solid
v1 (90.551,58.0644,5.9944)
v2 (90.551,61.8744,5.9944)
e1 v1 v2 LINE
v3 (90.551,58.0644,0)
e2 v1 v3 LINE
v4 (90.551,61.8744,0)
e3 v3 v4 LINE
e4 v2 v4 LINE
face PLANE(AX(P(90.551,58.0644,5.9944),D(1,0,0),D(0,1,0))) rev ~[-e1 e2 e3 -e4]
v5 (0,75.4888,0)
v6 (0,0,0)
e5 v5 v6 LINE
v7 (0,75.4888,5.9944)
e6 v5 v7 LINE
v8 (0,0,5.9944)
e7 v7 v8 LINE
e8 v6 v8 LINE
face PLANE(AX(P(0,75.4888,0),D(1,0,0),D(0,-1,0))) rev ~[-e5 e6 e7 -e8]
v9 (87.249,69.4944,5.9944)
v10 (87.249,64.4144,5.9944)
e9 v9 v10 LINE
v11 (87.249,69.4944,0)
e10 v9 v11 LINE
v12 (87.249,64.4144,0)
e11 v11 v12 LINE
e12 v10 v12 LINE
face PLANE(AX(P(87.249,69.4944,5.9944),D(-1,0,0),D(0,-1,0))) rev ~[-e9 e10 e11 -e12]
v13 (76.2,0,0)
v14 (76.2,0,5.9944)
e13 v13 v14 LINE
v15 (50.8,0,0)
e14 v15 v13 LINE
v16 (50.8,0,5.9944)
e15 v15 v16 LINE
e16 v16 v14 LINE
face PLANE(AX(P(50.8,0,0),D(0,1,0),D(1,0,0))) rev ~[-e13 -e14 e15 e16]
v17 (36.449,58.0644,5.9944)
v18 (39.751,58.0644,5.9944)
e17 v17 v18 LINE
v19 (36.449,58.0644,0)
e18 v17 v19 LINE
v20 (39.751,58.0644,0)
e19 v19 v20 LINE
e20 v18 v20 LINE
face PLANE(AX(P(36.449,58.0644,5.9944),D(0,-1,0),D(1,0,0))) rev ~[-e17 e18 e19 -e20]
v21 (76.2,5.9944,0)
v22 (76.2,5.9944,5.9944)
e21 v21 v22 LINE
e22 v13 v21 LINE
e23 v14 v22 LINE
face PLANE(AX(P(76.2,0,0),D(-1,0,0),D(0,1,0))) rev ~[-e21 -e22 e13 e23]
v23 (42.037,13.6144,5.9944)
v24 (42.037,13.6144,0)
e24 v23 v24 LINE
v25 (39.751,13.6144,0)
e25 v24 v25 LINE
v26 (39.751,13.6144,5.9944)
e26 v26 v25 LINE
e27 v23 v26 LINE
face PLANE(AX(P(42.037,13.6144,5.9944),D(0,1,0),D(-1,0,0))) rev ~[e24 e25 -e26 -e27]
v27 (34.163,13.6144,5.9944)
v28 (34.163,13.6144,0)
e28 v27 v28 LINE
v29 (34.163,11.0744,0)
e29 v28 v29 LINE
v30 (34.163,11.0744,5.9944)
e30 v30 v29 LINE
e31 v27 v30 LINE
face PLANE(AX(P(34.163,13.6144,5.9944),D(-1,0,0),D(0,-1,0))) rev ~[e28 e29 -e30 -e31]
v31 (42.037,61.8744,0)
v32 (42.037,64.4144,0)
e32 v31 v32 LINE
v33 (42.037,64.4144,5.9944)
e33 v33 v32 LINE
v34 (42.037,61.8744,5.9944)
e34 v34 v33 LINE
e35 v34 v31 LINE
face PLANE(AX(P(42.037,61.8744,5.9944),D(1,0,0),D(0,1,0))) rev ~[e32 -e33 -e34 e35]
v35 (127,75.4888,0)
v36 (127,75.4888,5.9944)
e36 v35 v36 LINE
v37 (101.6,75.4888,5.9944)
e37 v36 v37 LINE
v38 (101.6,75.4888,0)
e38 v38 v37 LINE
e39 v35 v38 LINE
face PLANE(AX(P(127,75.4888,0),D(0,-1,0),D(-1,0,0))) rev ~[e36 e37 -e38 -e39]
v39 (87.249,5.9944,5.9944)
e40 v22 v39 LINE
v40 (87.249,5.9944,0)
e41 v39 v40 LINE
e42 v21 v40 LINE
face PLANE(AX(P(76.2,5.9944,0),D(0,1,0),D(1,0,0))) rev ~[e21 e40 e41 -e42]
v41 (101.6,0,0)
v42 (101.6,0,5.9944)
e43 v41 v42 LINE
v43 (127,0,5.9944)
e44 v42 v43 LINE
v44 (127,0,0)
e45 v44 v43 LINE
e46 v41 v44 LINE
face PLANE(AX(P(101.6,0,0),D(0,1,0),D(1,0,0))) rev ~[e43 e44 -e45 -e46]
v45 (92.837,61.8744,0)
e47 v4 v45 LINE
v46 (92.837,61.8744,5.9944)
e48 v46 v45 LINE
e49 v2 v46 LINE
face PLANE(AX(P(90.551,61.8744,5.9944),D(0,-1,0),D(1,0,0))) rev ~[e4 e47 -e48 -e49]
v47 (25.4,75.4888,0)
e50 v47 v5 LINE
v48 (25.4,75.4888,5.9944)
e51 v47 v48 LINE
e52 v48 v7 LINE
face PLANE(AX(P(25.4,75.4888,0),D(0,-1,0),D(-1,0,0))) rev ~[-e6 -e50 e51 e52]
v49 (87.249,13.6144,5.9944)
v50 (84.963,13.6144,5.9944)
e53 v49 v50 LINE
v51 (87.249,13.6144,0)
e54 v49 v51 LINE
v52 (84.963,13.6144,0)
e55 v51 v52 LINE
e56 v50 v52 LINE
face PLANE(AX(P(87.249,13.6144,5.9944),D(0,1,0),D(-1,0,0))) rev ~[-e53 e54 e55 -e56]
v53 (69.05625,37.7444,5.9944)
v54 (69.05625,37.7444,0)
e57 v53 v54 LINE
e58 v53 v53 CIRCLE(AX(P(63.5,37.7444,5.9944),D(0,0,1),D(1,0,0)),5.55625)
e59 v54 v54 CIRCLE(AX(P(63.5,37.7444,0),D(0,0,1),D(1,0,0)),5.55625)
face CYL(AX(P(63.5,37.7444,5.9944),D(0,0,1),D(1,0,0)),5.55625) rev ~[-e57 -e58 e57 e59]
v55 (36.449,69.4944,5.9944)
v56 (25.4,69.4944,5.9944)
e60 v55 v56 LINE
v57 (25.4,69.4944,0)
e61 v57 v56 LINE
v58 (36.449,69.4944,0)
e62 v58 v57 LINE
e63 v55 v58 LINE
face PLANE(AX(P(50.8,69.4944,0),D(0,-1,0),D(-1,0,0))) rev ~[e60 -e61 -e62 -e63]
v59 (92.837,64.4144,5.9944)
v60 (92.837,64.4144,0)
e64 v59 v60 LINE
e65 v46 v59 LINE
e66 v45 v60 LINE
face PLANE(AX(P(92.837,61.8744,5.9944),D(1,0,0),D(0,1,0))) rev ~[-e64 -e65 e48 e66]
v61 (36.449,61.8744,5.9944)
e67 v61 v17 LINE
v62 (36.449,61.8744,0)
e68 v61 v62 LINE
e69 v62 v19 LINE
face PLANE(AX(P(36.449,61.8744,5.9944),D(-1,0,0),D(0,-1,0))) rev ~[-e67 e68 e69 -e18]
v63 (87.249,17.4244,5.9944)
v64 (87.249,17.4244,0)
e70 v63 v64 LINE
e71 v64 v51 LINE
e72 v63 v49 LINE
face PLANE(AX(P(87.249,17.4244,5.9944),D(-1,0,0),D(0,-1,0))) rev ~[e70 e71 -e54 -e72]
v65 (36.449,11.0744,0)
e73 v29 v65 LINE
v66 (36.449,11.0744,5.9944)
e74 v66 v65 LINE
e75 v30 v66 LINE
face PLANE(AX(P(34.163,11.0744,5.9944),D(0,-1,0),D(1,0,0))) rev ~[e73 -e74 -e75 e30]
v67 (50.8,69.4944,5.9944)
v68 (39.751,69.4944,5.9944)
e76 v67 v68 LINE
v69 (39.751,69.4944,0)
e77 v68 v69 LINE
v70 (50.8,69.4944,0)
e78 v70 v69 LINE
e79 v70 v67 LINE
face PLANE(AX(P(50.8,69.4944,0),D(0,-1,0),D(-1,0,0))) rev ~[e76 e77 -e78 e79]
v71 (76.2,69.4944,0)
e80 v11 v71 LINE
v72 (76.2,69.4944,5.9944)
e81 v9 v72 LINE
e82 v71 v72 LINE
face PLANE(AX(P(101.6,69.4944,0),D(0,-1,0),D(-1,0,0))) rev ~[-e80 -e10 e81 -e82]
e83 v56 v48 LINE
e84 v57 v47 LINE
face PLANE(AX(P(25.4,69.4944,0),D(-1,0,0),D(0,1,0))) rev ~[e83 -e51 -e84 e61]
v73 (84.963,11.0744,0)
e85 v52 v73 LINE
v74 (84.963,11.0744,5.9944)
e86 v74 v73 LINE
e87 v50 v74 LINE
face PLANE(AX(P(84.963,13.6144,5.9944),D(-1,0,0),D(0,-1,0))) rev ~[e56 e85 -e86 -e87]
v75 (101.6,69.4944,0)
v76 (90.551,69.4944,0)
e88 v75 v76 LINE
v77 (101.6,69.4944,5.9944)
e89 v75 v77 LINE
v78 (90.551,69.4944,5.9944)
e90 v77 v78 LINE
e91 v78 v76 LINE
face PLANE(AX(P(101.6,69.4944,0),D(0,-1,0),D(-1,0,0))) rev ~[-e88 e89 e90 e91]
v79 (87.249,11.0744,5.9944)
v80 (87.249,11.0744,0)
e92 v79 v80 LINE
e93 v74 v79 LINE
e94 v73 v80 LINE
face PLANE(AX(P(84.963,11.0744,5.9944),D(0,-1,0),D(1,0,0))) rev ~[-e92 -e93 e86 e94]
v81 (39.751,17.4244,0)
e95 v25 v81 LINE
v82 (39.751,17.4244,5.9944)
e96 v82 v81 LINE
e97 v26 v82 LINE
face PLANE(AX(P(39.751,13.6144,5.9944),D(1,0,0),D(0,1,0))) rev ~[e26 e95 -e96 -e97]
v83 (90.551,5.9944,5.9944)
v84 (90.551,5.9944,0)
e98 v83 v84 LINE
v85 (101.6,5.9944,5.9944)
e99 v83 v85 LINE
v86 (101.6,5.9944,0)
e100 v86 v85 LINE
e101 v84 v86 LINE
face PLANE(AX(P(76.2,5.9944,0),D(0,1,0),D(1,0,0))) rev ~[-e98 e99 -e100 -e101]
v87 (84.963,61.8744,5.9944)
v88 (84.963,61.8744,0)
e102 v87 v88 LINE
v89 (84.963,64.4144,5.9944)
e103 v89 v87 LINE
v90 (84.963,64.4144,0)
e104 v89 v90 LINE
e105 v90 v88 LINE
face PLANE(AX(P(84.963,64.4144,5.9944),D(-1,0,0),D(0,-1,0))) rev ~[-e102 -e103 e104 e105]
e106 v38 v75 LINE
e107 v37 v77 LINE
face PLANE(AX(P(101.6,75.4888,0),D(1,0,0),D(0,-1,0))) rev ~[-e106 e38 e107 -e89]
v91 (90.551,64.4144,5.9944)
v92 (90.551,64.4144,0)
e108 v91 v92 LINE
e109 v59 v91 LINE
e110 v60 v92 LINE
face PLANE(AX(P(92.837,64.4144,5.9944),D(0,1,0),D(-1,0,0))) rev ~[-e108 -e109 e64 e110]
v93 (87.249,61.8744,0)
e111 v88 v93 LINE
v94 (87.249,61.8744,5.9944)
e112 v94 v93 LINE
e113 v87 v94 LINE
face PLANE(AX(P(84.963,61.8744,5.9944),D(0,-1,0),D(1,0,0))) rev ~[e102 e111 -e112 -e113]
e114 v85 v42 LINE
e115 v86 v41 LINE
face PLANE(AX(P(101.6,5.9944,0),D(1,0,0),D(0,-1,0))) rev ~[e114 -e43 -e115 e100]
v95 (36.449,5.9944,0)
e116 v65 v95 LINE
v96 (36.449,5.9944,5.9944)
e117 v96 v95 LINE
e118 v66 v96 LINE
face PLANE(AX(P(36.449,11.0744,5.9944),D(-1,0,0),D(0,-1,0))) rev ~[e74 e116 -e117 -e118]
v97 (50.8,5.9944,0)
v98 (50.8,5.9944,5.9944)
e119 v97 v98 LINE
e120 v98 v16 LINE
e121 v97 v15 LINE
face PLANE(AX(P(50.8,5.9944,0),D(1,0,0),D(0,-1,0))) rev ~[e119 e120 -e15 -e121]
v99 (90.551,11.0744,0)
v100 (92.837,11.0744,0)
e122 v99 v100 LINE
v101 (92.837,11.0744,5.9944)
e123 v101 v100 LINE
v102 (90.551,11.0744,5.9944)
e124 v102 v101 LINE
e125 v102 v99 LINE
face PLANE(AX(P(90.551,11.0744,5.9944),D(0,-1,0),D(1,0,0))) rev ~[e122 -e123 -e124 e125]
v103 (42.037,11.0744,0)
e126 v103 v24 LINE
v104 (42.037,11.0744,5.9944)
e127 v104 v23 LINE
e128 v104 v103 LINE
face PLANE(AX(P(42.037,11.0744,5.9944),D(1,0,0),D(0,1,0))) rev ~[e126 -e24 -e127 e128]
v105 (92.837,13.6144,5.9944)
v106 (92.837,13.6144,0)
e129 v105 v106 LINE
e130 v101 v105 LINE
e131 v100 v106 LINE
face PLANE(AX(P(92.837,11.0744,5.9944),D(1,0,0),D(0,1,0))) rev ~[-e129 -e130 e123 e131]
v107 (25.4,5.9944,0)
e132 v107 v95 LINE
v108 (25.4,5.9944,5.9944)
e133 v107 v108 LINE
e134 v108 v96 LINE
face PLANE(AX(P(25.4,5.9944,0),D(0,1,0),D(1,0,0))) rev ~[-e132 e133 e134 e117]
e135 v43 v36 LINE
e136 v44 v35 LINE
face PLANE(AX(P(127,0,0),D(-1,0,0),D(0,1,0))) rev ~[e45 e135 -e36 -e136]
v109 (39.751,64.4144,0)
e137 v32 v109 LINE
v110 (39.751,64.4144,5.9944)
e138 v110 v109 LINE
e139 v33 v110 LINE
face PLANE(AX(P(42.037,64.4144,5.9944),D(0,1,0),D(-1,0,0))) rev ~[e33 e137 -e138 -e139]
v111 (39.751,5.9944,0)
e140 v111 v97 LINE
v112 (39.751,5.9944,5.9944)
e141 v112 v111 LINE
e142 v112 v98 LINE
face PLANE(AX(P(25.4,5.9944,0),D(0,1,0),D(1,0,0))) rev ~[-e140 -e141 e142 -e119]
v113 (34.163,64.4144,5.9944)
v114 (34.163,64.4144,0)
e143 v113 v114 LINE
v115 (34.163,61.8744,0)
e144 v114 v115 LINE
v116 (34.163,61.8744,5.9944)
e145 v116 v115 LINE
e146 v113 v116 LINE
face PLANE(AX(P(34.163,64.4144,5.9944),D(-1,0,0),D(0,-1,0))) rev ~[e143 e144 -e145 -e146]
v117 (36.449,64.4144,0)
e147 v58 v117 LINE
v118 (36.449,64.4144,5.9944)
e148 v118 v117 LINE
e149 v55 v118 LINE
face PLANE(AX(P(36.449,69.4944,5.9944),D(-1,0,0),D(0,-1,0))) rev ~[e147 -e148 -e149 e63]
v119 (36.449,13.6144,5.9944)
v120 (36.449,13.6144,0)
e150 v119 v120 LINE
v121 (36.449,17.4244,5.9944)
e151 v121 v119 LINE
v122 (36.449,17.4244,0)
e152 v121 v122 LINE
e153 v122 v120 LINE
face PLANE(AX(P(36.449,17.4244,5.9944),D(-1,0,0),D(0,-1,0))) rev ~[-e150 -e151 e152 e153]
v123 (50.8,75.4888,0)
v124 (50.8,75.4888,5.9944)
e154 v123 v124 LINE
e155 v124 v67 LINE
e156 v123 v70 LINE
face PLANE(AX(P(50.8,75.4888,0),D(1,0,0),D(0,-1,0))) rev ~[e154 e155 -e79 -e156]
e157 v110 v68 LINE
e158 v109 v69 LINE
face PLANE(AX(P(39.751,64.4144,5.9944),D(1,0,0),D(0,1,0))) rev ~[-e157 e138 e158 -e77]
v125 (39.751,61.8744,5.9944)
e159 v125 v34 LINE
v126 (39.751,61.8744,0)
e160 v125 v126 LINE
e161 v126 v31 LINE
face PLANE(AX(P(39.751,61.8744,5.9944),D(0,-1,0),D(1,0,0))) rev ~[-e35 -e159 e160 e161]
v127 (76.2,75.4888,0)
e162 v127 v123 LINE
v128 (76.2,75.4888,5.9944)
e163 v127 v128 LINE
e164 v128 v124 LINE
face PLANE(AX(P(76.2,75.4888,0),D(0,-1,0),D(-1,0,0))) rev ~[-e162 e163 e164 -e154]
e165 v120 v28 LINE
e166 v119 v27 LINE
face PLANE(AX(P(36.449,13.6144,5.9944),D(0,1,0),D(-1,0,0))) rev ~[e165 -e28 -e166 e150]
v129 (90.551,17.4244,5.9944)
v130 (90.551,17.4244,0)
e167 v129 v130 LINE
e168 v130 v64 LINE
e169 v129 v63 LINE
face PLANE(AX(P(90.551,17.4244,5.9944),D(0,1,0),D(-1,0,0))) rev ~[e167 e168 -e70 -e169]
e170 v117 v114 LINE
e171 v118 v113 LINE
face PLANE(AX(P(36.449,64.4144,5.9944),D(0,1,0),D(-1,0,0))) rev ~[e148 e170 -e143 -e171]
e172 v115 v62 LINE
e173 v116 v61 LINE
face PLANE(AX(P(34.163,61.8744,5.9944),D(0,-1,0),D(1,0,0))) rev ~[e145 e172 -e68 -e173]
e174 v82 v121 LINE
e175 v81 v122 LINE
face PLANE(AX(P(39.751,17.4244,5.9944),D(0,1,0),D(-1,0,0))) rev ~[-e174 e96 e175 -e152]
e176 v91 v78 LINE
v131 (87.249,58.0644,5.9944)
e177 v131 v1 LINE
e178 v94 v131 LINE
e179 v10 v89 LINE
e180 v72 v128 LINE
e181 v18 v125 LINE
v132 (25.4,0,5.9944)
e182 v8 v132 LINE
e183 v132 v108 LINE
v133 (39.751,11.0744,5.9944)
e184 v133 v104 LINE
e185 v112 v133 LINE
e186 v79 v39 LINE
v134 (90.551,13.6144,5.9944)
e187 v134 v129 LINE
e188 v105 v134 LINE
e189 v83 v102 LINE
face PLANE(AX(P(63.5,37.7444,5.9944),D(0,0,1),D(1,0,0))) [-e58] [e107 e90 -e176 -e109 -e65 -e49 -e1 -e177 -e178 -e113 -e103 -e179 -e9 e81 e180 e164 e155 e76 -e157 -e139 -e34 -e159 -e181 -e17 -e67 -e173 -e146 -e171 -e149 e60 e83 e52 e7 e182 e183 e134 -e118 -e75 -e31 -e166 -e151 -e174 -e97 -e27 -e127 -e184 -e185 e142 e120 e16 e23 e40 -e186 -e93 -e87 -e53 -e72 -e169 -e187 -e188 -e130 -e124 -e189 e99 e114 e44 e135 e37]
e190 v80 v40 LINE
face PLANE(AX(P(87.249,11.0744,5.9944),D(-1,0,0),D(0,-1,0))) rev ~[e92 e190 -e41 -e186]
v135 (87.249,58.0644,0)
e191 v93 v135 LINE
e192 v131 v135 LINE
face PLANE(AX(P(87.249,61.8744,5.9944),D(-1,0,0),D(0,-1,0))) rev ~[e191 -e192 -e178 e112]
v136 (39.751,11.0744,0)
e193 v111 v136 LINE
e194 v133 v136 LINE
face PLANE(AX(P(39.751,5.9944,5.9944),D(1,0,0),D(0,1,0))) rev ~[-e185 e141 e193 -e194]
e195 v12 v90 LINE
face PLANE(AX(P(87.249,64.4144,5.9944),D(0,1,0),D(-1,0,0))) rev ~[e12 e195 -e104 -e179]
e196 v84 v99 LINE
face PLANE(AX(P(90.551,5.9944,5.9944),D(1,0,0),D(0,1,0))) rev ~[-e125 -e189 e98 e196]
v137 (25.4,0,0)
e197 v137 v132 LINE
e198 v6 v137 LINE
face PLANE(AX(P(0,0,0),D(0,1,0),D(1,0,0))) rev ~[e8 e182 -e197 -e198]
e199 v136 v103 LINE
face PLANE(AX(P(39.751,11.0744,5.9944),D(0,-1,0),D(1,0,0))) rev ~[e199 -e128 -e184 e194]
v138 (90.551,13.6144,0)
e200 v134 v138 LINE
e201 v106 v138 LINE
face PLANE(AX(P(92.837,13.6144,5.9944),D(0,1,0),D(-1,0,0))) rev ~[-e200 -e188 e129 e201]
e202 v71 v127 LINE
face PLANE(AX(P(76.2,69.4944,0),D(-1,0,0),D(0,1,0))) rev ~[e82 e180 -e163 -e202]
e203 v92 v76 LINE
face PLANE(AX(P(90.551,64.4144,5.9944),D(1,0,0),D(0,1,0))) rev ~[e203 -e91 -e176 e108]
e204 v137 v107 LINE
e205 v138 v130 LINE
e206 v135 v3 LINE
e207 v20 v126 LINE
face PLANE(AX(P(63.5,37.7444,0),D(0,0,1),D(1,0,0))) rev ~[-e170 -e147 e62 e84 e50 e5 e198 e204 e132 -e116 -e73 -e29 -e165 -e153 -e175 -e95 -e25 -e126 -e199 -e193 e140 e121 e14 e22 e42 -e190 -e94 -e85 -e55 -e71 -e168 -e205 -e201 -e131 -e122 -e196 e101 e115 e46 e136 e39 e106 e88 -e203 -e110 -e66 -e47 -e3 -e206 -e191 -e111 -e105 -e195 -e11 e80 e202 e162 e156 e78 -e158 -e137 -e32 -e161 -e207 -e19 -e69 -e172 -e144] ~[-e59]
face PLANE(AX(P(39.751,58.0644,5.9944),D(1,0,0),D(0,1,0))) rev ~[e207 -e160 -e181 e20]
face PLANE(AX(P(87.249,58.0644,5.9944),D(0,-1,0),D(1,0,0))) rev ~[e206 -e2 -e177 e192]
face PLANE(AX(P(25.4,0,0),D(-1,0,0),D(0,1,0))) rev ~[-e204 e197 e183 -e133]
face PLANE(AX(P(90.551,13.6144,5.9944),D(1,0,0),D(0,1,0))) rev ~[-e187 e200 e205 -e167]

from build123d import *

# Parameters (mm, degrees)
BOSS_EXTRUDE1_DEPTH = 5.9944
CUT_EXTRUDE2_DEPTH  = 5.9944
SKETCH3_R           = 5.55625
CUT_EXTRUDE3_DEPTH  = 5.9944


with BuildPart() as part:
    # Sketch1 → Boss-Extrude1 (new body)
    with BuildSketch(Plane.XY):
        Polygon((25.4, 5.9944), (50.8, 5.9944), (50.8, 0), (76.2, 0), (76.2, 5.9944), (101.6, 5.9944), (101.6, 0), (127, 0), (127, 75.4888), (101.6, 75.4888), (101.6, 69.4944), (76.2, 69.4944), (76.2, 75.4888), (50.8, 75.4888), (50.8, 69.4944), (25.4, 69.4944), (25.4, 75.4888), (0, 75.4888), (0, 0), (25.4, 0), align=None)
    extrude(amount=BOSS_EXTRUDE1_DEPTH)

    # Sketch2 → Cut-Extrude2 (cut)
    with BuildSketch(Plane.XY.offset(5.9944)):
        Polygon((36.449, 69.4944), (36.449, 64.4144), (34.163, 64.4144), (34.163, 61.8744), (36.449, 61.8744), (36.449, 58.0644), (39.751, 58.0644), (39.751, 61.8744), (42.037, 61.8744), (42.037, 64.4144), (39.751, 64.4144), (39.751, 69.4944), align=None)
        Polygon((36.449, 5.9944), (39.751, 5.9944), (39.751, 11.0744), (42.037, 11.0744), (42.037, 13.6144), (39.751, 13.6144), (39.751, 17.4244), (36.449, 17.4244), (36.449, 13.6144), (34.163, 13.6144), (34.163, 11.0744), (36.449, 11.0744), align=None)
        Polygon((90.551, 5.9944), (90.551, 11.0744), (92.837, 11.0744), (92.837, 13.6144), (90.551, 13.6144), (90.551, 17.4244), (87.249, 17.4244), (87.249, 13.6144), (84.963, 13.6144), (84.963, 11.0744), (87.249, 11.0744), (87.249, 5.9944), align=None)
        Polygon((90.551, 69.4944), (87.249, 69.4944), (87.249, 64.4144), (84.963, 64.4144), (84.963, 61.8744), (87.249, 61.8744), (87.249, 58.0644), (90.551, 58.0644), (90.551, 61.8744), (92.837, 61.8744), (92.837, 64.4144), (90.551, 64.4144), align=None)
    extrude(amount=-CUT_EXTRUDE2_DEPTH, mode=Mode.SUBTRACT)

    # Sketch3 → Cut-Extrude3 (cut)
    with BuildSketch(Plane.XY.offset(5.9944)):
        with Locations((63.5, 37.7444)):
            Circle(SKETCH3_R)
    extrude(amount=-CUT_EXTRUDE3_DEPTH, mode=Mode.SUBTRACT)


solid = part.part
